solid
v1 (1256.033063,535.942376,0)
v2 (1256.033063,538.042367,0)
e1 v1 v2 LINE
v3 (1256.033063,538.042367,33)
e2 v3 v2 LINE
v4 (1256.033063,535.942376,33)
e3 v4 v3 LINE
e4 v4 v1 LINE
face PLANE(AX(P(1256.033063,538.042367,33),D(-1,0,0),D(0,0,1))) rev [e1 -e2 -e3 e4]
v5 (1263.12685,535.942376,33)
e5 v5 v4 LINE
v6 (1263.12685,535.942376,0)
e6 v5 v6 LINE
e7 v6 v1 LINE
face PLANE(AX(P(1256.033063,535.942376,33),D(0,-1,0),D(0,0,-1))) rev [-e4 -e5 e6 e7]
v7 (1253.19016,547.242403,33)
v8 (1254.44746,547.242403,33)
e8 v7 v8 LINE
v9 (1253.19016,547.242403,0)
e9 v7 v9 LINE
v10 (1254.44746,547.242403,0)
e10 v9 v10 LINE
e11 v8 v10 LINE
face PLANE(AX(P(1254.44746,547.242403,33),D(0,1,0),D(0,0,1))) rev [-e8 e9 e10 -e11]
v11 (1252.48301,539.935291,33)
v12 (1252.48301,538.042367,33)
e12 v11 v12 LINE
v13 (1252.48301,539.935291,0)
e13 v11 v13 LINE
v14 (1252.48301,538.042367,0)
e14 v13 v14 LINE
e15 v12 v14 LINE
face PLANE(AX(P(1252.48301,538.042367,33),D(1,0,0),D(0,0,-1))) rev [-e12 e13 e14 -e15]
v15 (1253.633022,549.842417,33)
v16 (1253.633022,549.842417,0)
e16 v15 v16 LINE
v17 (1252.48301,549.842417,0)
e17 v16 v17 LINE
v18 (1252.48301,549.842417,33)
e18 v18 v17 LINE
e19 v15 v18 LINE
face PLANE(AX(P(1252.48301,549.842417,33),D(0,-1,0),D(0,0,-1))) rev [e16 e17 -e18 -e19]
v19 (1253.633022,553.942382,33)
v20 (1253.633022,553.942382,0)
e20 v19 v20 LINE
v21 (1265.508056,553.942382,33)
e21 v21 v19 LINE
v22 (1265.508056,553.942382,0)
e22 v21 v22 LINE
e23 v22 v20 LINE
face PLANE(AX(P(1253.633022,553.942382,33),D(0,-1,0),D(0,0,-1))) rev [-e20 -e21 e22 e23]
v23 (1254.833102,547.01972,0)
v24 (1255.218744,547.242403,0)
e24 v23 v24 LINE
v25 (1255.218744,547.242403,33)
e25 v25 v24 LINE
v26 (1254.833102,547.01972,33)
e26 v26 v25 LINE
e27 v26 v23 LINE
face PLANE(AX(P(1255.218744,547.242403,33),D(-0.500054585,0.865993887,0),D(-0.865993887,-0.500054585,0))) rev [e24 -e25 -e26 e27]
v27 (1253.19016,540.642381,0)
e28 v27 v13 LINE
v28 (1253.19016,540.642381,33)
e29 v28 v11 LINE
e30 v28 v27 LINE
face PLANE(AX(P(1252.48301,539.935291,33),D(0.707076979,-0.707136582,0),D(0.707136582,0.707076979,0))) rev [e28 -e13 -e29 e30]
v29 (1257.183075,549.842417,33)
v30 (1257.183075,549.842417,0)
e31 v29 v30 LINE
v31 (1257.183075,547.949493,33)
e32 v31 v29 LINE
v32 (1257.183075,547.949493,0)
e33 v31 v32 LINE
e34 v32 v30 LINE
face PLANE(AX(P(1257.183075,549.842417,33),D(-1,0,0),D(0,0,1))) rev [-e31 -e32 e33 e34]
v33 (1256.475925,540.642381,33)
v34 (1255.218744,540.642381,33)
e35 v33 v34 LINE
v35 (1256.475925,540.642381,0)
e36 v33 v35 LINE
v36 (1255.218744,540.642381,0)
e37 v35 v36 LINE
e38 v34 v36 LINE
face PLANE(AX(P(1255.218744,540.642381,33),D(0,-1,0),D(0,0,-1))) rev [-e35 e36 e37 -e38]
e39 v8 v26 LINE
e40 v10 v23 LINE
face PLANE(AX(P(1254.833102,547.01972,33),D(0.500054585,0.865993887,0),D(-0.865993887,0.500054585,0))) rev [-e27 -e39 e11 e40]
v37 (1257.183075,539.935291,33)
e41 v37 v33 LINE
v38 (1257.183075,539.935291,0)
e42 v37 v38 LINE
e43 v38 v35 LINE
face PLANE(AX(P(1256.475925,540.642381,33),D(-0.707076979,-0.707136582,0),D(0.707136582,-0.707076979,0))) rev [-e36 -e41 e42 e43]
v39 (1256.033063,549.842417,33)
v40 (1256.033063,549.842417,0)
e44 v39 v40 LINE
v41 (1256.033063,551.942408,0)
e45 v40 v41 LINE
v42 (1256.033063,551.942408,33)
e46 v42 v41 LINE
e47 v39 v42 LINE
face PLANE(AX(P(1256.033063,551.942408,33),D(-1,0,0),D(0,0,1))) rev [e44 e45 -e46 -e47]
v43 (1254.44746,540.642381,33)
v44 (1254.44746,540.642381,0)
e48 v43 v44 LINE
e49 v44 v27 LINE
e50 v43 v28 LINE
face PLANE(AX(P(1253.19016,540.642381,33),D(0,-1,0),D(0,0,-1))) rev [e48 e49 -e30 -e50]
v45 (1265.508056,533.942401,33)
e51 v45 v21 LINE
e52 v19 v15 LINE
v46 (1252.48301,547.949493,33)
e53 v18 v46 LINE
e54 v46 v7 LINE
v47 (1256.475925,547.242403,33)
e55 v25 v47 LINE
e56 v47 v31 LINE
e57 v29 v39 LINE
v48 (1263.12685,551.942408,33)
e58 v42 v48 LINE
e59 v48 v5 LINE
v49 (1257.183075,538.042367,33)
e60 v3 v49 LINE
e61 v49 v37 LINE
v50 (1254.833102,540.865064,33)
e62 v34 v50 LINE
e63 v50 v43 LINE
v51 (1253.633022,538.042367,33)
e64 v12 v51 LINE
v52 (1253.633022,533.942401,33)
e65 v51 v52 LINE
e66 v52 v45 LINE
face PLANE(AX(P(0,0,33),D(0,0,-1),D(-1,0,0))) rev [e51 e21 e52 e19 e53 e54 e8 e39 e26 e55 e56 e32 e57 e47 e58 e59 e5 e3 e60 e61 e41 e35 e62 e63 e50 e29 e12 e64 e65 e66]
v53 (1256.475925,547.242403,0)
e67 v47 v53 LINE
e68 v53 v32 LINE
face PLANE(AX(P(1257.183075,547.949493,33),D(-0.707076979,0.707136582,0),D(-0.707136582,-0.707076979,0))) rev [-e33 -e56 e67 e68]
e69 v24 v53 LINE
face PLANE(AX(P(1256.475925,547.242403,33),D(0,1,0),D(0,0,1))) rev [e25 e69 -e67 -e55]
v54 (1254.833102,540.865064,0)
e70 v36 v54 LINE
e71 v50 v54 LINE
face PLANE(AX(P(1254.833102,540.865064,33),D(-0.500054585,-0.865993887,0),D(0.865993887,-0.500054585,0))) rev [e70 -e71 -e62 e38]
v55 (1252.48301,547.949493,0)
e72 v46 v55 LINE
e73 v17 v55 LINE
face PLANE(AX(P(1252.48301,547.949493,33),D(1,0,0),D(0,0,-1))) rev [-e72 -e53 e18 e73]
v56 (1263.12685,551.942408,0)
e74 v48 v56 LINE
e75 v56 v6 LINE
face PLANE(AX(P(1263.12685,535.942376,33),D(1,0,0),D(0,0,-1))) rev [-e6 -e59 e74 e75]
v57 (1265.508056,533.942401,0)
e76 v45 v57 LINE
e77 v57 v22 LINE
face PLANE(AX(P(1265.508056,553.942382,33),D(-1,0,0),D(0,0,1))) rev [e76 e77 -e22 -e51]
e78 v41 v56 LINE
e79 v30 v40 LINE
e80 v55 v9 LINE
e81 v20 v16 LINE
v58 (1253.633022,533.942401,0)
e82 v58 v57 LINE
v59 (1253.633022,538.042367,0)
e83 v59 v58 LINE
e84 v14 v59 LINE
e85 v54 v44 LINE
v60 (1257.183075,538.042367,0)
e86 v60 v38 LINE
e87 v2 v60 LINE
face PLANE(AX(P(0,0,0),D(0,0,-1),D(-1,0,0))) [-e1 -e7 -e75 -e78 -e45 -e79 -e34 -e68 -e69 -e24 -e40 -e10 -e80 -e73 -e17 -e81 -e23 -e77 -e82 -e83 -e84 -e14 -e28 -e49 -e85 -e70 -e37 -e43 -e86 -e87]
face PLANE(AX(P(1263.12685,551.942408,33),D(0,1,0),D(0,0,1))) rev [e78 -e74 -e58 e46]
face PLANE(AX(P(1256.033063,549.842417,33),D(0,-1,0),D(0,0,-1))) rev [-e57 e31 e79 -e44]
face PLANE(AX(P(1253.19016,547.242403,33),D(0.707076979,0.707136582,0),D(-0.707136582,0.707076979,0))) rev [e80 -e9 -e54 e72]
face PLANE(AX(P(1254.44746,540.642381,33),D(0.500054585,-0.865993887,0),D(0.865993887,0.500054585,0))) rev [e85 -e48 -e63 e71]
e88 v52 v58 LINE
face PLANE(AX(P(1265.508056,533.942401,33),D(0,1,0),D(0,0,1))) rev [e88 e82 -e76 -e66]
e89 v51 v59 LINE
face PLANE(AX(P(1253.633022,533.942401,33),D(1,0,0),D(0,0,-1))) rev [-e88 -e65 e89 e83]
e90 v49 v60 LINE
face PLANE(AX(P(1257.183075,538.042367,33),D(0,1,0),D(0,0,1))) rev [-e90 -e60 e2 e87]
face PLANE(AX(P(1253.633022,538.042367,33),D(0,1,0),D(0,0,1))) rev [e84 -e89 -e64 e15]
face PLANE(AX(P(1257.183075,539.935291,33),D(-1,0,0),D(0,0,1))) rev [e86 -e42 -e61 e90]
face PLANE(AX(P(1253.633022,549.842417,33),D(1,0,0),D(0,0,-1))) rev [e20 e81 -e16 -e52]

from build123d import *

# Parameters (mm, degrees)
BOSS_EXTRUDE1_DEPTH = 33


with BuildPart() as part:
    # Sketch3 → Boss-Extrude1 (new body)
    with BuildSketch(Plane.XY):
        Polygon((1253.633022308, 553.942382336), (1265.508055687, 553.942382336), (1265.508055687, 533.942401409), (1253.633022308, 533.942401409), (1253.633022308, 538.042366505), (1252.483010292, 538.042366505), (1252.483010292, 539.935290813), (1253.190159798, 540.642380714), (1254.447460175, 540.642380714), (1254.833102226, 540.865063667), (1255.218744278, 540.642380714), (1256.475925446, 540.642380714), (1257.183074951, 539.935290813), (1257.183074951, 538.042366505), (1256.033062935, 538.042366505), (1256.033062935, 535.94237566), (1263.126850128, 535.94237566), (1263.126850128, 551.942408085), (1256.033062935, 551.942408085), (1256.033062935, 549.84241724), (1257.183074951, 549.84241724), (1257.183074951, 547.949492931), (1256.475925446, 547.24240303), (1255.218744278, 547.24240303), (1254.833102226, 547.019720078), (1254.447460175, 547.24240303), (1253.190159798, 547.24240303), (1252.483010292, 547.949492931), (1252.483010292, 549.84241724), (1253.633022308, 549.84241724), align=None)
    extrude(amount=BOSS_EXTRUDE1_DEPTH)


solid = part.part
